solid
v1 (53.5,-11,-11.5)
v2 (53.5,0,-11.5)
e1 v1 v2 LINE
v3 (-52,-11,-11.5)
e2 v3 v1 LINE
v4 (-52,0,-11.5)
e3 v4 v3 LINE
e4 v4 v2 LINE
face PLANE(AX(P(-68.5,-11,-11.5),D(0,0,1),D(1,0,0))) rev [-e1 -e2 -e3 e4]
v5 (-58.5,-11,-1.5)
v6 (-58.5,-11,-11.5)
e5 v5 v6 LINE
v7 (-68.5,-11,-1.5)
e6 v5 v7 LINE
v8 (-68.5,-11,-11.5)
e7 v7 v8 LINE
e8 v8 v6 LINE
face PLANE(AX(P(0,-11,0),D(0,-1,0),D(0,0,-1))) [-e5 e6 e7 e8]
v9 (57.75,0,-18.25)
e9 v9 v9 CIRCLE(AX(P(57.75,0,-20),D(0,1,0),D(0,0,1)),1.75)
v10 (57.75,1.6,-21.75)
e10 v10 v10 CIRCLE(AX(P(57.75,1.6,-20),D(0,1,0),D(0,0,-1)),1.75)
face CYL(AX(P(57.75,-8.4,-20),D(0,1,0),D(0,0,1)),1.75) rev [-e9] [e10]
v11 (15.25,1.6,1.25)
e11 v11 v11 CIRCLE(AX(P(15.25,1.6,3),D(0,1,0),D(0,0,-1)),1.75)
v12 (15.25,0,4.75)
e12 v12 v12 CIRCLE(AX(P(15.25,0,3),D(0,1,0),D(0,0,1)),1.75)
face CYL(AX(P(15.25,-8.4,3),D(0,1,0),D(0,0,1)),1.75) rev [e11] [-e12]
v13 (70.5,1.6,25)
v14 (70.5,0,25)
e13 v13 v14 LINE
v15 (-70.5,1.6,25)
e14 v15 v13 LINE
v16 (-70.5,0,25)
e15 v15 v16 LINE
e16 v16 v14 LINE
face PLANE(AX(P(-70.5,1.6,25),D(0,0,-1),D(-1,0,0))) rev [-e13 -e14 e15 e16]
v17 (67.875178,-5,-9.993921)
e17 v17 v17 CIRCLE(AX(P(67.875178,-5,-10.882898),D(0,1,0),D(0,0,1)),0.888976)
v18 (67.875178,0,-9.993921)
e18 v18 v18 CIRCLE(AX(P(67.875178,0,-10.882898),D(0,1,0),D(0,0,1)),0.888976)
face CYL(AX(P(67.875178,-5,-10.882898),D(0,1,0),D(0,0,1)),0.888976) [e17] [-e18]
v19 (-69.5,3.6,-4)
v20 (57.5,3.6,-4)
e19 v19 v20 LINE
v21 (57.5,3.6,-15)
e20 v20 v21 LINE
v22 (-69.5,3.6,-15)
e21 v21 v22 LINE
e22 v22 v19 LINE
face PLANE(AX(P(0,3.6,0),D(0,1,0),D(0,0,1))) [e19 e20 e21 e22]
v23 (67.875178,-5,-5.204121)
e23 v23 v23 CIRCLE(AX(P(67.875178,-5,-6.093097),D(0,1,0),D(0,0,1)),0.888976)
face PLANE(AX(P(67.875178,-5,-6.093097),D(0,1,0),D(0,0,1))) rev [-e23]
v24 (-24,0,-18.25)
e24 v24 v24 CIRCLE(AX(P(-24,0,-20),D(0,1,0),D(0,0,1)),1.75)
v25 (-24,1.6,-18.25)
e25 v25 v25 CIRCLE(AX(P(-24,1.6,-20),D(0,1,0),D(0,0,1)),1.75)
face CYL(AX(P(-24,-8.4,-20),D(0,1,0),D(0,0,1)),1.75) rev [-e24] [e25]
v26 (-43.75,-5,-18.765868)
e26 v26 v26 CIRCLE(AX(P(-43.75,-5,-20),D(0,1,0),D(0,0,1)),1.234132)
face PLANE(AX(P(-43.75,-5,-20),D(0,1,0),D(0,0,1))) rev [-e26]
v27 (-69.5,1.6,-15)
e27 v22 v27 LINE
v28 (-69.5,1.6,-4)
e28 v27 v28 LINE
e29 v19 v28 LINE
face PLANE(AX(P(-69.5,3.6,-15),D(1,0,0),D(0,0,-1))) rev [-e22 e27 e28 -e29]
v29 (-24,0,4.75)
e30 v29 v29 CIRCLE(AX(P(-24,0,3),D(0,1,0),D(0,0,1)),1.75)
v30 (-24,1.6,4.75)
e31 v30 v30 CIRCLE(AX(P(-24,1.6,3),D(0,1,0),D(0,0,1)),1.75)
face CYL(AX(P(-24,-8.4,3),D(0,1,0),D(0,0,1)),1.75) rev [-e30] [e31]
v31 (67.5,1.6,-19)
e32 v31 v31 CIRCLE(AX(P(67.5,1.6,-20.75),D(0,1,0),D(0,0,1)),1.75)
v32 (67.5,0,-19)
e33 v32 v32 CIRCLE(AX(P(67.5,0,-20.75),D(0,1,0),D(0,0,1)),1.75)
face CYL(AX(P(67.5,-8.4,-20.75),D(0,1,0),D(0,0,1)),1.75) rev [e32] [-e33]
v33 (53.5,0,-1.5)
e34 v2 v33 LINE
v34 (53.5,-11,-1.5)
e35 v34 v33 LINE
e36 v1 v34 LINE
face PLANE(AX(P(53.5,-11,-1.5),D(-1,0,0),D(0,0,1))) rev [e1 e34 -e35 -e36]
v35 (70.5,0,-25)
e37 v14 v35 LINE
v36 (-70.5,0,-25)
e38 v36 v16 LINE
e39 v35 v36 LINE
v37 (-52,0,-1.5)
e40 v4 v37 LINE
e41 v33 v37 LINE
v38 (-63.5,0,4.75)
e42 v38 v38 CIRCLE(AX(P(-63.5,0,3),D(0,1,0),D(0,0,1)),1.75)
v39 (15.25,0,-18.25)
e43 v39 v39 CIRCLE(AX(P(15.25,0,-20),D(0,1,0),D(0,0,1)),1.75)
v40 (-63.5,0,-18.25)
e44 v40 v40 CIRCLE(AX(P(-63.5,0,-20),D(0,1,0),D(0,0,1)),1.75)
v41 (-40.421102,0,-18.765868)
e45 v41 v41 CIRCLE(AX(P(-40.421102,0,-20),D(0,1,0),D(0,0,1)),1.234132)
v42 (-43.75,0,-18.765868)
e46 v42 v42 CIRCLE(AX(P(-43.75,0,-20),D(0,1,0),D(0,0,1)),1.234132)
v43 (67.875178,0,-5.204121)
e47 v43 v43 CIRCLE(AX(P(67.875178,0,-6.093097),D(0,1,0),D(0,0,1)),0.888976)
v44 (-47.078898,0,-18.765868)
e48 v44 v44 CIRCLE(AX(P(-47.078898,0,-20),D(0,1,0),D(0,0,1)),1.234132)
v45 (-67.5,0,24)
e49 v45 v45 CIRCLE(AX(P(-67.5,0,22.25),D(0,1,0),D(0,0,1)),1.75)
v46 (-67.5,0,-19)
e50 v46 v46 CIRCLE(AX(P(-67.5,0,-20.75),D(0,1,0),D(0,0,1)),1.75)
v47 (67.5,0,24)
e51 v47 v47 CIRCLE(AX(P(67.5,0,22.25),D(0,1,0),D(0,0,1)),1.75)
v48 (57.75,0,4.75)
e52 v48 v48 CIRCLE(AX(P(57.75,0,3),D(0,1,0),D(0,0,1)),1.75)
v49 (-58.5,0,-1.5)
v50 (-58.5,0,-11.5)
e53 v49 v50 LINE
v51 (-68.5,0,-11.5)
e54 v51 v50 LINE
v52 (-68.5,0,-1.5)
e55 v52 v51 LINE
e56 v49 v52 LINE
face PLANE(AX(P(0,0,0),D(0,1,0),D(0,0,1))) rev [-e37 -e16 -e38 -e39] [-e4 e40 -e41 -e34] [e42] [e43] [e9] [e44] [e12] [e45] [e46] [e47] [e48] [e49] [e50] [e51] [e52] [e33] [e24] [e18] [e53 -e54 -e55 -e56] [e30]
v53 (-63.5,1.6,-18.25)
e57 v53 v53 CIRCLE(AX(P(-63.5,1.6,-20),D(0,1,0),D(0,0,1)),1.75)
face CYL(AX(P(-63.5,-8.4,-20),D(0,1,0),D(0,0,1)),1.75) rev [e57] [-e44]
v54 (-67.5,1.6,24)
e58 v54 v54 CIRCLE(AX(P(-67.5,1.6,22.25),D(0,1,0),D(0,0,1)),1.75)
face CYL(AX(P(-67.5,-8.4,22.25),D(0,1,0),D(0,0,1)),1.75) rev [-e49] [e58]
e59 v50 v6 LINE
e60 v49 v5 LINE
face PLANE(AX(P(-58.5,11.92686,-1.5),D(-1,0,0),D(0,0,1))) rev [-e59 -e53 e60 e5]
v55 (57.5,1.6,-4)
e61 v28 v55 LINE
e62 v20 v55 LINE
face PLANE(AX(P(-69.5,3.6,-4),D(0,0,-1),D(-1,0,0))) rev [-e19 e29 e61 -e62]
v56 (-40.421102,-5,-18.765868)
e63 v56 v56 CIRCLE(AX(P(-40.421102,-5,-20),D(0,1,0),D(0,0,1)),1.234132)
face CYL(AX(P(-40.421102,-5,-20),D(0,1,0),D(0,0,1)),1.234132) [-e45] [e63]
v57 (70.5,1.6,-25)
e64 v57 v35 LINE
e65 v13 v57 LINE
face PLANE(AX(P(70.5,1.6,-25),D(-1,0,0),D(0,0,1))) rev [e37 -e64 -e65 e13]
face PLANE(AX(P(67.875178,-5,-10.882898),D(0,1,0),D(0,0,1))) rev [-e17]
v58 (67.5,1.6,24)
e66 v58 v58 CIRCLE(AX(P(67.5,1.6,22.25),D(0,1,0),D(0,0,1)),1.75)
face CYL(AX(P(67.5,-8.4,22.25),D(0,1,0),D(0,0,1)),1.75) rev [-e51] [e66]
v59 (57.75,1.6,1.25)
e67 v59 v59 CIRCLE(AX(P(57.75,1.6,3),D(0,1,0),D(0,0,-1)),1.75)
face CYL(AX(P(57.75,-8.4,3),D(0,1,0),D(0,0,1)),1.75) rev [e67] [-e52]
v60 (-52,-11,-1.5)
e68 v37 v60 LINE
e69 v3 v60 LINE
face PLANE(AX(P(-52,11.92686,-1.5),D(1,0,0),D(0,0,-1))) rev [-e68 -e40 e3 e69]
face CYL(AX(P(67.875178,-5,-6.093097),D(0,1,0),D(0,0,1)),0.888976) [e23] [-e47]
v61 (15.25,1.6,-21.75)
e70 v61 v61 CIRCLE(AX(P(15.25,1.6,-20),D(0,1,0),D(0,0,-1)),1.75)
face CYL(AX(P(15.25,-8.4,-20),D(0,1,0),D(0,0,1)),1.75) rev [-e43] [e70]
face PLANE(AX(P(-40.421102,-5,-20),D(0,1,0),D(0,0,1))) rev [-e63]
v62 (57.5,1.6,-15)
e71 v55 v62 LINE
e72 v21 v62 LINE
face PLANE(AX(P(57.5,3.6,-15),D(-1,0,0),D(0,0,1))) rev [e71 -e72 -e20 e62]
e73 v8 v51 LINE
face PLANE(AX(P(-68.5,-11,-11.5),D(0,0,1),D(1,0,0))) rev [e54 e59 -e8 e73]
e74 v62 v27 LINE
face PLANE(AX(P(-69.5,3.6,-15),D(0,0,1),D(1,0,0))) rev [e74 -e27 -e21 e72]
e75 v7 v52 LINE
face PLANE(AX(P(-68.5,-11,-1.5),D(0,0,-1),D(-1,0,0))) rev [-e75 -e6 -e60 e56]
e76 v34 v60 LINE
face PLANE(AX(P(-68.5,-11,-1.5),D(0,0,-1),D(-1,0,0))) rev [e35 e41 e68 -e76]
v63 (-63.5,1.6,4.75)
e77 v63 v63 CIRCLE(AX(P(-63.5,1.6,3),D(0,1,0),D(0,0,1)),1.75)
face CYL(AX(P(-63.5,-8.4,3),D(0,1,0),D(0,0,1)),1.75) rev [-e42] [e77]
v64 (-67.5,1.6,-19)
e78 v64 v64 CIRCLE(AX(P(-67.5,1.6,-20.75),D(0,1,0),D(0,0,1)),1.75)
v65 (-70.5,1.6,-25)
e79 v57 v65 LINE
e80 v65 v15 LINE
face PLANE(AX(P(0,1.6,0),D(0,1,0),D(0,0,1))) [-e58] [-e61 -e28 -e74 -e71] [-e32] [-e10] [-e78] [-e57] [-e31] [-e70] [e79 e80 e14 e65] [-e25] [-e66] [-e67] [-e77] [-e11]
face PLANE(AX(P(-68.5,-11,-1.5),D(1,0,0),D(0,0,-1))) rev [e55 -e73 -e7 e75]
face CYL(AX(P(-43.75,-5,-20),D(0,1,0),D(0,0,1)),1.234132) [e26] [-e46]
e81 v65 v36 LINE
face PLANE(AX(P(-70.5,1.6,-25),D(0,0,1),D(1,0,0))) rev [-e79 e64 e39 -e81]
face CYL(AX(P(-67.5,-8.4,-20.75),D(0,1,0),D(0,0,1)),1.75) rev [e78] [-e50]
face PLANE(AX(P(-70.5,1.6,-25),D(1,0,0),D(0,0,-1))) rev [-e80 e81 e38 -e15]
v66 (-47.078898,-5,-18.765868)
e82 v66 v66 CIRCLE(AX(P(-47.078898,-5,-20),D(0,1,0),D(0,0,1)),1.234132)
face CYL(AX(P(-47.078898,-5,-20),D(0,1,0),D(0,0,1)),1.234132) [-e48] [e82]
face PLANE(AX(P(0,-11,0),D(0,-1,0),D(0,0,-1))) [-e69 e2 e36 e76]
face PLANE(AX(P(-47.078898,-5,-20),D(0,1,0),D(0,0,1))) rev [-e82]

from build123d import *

# Parameters (mm, degrees)
SKETCH_1_W          = 141
SKETCH_1_H          = 50
EXTRUDE_1_DEPTH     = 1.6
SKETCH_2_R          = 1.75
CUT_EXTRUDE_1_DEPTH = 10
SKETCH_3_R          = 1.75
CUT_EXTRUDE_2_DEPTH = 10
SKETCH_4_R          = 1.234132003
EXTRUDE_2_DEPTH     = 5
SKETCH_7_W          = 122
SKETCH_7_H          = 10
EXTRUDE_3_DEPTH     = 11
SKETCH_8_W          = 127
SKETCH_8_H          = 11
EXTRUDE_4_DEPTH     = 2
SKETCH_6_R          = 0.888976415
EXTRUDE_5_DEPTH     = 5
SKETCH_9_W          = 6.5
SKETCH_9_H          = 10
CUT_EXTRUDE_3_DEPTH = 11


with BuildPart() as part:
    # 草图1 → 凸台-拉伸1 (new body)
    with BuildSketch(Plane(origin=(0, 0, 0), x_dir=(1, 0, 0), z_dir=(0, 1, 0))):
        Rectangle(SKETCH_1_W, SKETCH_1_H)
    extrude(amount=EXTRUDE_1_DEPTH)

    # 草图2 → 切除-拉伸1 (cut)
    with BuildSketch(Plane(origin=(0, 1.6, 0), x_dir=(1, 0, 0), z_dir=(0, 1, 0))):
        with Locations((-67.5, -22.25)):
            Circle(SKETCH_2_R)
        with Locations((-67.5, 20.75)):
            Circle(SKETCH_2_R)
        with Locations((67.5, 20.75)):
            Circle(SKETCH_2_R)
        with Locations((67.5, -22.25)):
            Circle(SKETCH_2_R)
    extrude(amount=-CUT_EXTRUDE_1_DEPTH, mode=Mode.SUBTRACT)

    # 草图3 → 切除-拉伸2 (cut)
    with BuildSketch(Plane(origin=(0, 1.6, 0), x_dir=(1, 0, 0), z_dir=(0, 1, 0))):
        with Locations((-63.5, 20)):
            Circle(SKETCH_3_R)
        with Locations((-24, 20)):
            Circle(SKETCH_3_R)
        with Locations((-63.5, -3)):
            Circle(SKETCH_3_R)
        with Locations((-24, -3)):
            Circle(SKETCH_3_R)
        with Locations((15.25, -3)):
            Circle(SKETCH_3_R)
        with Locations((57.75, -3)):
            Circle(SKETCH_3_R)
        with Locations((15.25, 20)):
            Circle(SKETCH_3_R)
        with Locations((57.75, 20)):
            Circle(SKETCH_3_R)
    extrude(amount=-CUT_EXTRUDE_2_DEPTH, mode=Mode.SUBTRACT)

    # 草图4 → 凸台-拉伸2 (add)
    with BuildSketch(Plane(origin=(0, 0, 0), x_dir=(1, 0, 0), z_dir=(0, 1, 0))):
        with Locations((-47.078898204, 20)):
            Circle(SKETCH_4_R)
        with Locations((-43.75, 20)):
            Circle(SKETCH_4_R)
        with Locations((-40.421101796, 20)):
            Circle(SKETCH_4_R)
    extrude(amount=-EXTRUDE_2_DEPTH)

    # 草图7 → 凸台-拉伸3 (add)
    with BuildSketch(Plane.XZ):
        with Locations((-7.5, -6.5)):
            Rectangle(SKETCH_7_W, SKETCH_7_H)
    extrude(amount=EXTRUDE_3_DEPTH)

    # 草图8 → 凸台-拉伸4 (add)
    with BuildSketch(Plane(origin=(0, 1.6, 0), x_dir=(1, 0, 0), z_dir=(0, 1, 0))):
        with Locations((-6, 9.5)):
            Rectangle(SKETCH_8_W, SKETCH_8_H)
    extrude(amount=EXTRUDE_4_DEPTH)

    # 草图6 → 凸台-拉伸5 (add)
    with BuildSketch(Plane(origin=(0, 0, 0), x_dir=(1, 0, 0), z_dir=(0, 1, 0))):
        with Locations((67.875178123, 10.882897677)):
            Circle(SKETCH_6_R)
        with Locations((67.875178123, 6.093097389)):
            Circle(SKETCH_6_R)
    extrude(amount=-EXTRUDE_5_DEPTH)

    # 草图9 → 切除-拉伸3 (cut)
    with BuildSketch(Plane.XZ.offset(11)):
        with Locations((-55.25, -6.5)):
            Rectangle(SKETCH_9_W, SKETCH_9_H)
    extrude(amount=-CUT_EXTRUDE_3_DEPTH, mode=Mode.SUBTRACT)


solid = part.part
